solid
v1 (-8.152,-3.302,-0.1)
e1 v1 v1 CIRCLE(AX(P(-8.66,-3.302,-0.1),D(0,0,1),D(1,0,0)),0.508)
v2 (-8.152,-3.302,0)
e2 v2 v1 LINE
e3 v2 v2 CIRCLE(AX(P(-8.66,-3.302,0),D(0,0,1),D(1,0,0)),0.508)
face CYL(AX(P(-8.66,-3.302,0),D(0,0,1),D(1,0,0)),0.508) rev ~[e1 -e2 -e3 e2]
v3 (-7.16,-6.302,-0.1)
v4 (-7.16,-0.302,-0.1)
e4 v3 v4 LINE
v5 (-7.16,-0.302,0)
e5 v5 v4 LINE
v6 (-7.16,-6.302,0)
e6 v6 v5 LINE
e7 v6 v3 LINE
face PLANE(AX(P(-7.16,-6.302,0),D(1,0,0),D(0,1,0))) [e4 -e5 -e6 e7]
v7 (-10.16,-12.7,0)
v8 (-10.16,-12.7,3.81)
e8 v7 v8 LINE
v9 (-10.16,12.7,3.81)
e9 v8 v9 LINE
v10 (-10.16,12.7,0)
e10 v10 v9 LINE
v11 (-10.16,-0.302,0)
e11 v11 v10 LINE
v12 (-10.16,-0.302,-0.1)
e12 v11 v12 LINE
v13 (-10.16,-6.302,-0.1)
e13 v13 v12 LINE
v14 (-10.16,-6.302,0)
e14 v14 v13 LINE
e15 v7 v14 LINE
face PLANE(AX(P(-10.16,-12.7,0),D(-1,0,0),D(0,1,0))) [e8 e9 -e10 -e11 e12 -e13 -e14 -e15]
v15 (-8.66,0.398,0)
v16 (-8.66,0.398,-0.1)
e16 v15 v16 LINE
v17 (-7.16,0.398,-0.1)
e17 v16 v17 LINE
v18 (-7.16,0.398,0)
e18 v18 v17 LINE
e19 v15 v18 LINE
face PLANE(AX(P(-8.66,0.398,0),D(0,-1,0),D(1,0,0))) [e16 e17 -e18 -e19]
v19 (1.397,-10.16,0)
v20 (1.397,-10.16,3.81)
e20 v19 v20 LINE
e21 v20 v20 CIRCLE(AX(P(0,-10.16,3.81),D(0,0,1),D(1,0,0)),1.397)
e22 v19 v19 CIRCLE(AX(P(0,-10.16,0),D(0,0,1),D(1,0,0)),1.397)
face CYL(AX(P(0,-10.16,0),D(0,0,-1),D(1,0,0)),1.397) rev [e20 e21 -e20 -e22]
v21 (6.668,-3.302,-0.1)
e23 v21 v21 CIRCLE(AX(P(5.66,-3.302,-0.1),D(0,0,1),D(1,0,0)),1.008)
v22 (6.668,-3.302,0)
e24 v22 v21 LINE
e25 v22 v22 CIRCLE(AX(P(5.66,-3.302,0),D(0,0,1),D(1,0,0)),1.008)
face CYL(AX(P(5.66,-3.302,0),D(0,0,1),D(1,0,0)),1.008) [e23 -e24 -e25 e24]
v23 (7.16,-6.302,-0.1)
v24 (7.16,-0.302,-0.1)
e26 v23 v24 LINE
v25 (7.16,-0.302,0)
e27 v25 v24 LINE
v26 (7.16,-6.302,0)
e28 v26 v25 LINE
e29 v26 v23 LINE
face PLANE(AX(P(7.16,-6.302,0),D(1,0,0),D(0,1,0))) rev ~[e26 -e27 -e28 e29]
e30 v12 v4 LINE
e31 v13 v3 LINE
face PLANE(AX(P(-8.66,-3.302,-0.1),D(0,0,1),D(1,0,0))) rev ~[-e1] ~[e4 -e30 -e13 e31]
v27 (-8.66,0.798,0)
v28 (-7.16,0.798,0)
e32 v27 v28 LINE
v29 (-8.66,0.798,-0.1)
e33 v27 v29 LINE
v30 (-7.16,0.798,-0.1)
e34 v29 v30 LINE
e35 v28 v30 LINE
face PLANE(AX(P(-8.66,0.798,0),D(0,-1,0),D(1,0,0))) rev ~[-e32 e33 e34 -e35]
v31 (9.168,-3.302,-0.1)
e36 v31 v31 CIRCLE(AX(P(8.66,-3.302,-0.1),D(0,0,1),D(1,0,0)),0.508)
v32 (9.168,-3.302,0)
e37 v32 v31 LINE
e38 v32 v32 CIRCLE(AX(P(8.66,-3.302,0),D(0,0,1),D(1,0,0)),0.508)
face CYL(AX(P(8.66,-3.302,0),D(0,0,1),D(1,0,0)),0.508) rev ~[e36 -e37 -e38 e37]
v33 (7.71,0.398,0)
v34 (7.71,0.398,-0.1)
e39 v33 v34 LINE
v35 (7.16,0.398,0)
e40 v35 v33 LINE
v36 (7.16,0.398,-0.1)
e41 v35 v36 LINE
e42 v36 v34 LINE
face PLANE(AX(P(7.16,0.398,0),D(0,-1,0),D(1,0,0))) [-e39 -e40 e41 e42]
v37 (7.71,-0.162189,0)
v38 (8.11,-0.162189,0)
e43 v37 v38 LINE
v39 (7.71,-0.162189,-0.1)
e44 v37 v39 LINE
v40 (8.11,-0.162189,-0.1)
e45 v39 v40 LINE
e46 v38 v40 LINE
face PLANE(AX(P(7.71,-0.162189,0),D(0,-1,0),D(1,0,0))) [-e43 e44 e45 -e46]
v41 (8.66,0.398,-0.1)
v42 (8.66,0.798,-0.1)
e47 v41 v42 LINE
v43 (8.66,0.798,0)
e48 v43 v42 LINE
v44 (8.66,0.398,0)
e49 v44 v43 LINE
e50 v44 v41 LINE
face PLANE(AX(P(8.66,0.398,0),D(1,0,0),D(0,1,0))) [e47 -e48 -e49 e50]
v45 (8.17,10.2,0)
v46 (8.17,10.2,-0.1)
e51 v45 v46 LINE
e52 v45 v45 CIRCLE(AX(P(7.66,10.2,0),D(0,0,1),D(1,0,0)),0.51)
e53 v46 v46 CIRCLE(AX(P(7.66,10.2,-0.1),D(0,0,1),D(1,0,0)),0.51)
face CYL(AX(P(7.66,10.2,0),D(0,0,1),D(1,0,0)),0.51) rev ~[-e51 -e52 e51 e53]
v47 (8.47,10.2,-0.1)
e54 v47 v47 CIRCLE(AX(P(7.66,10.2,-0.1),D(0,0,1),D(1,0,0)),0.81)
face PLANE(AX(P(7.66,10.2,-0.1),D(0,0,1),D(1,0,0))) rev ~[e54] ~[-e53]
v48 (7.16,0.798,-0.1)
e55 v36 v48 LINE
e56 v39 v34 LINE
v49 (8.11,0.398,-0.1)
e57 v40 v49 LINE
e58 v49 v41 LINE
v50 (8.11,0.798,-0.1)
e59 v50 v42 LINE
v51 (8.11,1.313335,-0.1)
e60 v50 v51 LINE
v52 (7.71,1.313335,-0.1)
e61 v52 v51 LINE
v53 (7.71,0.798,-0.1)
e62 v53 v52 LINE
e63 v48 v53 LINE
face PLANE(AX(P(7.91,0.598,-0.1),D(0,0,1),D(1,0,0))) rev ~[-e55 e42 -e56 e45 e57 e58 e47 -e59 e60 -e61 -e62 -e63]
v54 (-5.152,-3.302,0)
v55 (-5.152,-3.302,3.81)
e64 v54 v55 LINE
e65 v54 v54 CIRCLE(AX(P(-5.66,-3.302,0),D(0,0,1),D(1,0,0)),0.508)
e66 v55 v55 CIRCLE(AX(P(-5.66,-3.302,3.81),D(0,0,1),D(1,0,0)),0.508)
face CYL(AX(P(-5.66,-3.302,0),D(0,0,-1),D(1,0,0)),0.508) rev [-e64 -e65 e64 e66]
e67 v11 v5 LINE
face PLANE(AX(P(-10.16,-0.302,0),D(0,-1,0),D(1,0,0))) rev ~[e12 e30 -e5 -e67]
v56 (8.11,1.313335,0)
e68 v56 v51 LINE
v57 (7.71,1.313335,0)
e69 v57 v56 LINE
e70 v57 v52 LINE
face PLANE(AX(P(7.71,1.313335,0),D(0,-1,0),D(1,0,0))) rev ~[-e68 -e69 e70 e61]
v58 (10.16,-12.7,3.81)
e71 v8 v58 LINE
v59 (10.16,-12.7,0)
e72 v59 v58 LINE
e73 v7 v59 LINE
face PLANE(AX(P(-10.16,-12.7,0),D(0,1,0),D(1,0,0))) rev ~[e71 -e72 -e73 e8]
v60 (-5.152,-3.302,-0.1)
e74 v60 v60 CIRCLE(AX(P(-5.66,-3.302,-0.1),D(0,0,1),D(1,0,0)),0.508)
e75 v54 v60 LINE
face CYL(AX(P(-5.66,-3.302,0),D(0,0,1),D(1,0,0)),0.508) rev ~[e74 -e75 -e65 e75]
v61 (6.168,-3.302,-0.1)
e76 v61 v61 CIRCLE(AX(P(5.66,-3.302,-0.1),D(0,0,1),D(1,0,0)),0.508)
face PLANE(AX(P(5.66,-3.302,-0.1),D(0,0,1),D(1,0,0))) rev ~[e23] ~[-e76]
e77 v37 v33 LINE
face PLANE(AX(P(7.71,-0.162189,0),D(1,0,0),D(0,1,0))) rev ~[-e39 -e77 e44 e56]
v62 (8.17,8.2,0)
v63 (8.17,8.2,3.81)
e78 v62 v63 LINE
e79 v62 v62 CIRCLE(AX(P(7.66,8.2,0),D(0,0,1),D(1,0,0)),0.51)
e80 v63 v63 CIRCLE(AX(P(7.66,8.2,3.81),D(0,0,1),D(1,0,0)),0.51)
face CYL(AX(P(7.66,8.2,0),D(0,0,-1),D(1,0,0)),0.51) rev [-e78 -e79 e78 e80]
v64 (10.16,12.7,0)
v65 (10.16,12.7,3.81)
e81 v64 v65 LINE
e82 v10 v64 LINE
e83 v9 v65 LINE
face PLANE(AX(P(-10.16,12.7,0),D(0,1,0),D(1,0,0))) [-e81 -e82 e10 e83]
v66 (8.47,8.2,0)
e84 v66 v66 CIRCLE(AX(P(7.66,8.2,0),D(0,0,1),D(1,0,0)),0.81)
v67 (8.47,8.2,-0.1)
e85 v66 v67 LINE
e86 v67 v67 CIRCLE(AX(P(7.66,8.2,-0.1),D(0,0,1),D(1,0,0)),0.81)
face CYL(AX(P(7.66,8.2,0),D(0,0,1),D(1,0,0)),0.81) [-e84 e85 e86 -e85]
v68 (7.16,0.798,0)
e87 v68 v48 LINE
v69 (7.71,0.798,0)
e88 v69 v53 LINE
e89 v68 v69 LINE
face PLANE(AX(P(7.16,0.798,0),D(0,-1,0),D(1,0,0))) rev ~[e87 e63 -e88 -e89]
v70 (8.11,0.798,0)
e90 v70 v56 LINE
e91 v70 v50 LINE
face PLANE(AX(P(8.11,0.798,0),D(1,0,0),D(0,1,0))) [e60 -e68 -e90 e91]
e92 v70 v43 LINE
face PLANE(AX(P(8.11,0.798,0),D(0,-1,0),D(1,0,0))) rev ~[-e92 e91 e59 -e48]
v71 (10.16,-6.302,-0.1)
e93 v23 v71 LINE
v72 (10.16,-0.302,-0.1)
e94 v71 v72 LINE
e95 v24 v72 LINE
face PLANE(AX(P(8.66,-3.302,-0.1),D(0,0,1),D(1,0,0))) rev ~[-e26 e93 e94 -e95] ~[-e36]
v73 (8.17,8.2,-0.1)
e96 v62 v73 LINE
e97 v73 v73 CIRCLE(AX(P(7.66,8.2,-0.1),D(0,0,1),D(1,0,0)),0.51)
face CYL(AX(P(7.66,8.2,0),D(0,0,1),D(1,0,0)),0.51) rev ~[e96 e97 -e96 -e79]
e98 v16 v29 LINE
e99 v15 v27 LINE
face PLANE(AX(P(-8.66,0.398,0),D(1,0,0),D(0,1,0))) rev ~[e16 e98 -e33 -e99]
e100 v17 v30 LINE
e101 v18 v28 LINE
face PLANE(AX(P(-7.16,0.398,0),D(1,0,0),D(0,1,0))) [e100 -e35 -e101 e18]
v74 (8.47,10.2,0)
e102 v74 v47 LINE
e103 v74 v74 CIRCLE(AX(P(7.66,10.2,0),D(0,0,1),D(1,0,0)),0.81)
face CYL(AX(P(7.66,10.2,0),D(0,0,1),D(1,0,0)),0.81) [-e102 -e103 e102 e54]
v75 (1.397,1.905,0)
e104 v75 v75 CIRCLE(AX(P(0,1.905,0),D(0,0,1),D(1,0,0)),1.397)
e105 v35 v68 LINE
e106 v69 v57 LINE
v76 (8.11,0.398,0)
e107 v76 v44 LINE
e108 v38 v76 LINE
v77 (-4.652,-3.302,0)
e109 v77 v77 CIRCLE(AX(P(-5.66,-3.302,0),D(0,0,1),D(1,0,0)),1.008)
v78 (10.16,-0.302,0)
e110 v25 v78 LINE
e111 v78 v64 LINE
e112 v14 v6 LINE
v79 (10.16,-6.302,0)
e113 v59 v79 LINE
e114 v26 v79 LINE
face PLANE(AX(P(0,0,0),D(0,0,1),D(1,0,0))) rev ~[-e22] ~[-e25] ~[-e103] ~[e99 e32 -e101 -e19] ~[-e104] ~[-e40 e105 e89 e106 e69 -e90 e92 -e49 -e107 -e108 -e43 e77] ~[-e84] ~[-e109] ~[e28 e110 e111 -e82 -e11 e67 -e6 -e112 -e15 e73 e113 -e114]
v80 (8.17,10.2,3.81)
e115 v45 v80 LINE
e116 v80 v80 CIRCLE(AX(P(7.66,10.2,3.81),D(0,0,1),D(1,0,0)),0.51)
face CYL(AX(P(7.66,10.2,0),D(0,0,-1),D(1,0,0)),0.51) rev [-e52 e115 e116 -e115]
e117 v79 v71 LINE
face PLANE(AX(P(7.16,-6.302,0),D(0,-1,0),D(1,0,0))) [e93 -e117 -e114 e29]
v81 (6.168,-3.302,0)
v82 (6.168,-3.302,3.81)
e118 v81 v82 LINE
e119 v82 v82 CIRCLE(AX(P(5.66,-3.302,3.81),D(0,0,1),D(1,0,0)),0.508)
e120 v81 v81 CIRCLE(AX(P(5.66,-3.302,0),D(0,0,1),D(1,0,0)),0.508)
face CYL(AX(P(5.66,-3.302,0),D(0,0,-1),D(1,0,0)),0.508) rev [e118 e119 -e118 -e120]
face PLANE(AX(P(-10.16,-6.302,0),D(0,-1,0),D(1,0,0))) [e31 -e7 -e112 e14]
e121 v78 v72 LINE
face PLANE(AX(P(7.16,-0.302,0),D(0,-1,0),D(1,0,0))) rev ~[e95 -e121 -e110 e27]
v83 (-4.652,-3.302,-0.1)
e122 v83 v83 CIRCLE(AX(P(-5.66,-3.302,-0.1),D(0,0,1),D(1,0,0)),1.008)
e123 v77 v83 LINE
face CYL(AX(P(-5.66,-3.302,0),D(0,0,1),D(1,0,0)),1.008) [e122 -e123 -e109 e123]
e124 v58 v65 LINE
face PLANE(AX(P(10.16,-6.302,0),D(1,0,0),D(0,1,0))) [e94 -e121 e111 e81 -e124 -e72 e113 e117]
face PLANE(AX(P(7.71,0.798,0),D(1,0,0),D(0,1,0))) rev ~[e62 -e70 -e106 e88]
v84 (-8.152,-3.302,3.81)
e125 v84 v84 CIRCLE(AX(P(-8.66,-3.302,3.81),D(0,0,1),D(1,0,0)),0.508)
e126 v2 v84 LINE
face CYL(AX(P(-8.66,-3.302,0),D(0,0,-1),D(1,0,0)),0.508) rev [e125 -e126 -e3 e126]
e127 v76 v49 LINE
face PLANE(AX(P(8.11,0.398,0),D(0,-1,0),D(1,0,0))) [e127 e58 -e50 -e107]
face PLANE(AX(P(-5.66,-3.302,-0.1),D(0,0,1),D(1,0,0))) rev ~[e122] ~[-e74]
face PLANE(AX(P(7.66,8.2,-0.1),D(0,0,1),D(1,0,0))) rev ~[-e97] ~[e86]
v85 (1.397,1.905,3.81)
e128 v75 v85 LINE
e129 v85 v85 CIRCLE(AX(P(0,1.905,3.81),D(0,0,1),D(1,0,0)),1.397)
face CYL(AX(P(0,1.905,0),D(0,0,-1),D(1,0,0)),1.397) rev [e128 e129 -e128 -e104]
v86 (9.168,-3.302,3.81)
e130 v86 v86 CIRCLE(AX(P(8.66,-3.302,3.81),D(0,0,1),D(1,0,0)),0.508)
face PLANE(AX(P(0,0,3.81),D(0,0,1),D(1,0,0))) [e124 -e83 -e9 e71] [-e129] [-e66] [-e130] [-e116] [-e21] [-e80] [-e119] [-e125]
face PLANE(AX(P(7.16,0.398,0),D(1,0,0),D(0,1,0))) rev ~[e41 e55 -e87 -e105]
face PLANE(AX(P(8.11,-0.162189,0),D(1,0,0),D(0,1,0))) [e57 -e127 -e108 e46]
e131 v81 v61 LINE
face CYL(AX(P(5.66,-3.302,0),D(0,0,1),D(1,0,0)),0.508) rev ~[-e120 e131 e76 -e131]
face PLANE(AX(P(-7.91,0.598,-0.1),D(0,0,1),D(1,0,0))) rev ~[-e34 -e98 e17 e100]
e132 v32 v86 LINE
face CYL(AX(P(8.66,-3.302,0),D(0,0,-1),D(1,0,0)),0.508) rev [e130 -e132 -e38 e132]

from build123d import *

# Parameters (mm, degrees)
SKETCH1_W         = 20.32
SKETCH1_H         = 25.4
SKETCH1_R         = 1.397
SKETCH1_R_2       = 0.508
SKETCH1_R_3       = 0.51
BOARD_DEPTH       = 3.81
SKETCH2_W         = 3
SKETCH2_H         = 6
SKETCH2_R         = 0.508
SKETCH2_R_2       = 1.008
SKETCH2_R_3       = 0.81
SKETCH2_R_4       = 0.51
SKETCH2_W_2       = 1.5
SKETCH2_H_2       = 0.4
SKETCH2_W_3       = 0.4
SKETCH2_H_3       = 1.475523652
SOLDER_PADS_DEPTH = 0.1


with BuildPart() as part:
    # Sketch1 → Board (new body)
    with BuildSketch(Plane.XY):
        Rectangle(SKETCH1_W, SKETCH1_H)
        with Locations((0, -10.16)):
            Circle(SKETCH1_R, mode=Mode.SUBTRACT)
        with Locations((0, 1.905)):
            Circle(SKETCH1_R, mode=Mode.SUBTRACT)
        with Locations((-8.66, -3.302)):
            Circle(SKETCH1_R_2, mode=Mode.SUBTRACT)
        with Locations((8.66, -3.302)):
            Circle(SKETCH1_R_2, mode=Mode.SUBTRACT)
        with Locations((-5.66, -3.302)):
            Circle(SKETCH1_R_2, mode=Mode.SUBTRACT)
        with Locations((5.66, -3.302)):
            Circle(SKETCH1_R_2, mode=Mode.SUBTRACT)
        with Locations((7.66, 10.2)):
            Circle(SKETCH1_R_3, mode=Mode.SUBTRACT)
        with Locations((7.66, 8.2)):
            Circle(SKETCH1_R_3, mode=Mode.SUBTRACT)
    extrude(amount=BOARD_DEPTH)

    # Sketch2 → Solder Pads (add)
    with BuildSketch(Plane.XY):
        with Locations((8.66, -3.302)):
            Rectangle(SKETCH2_W, SKETCH2_H)
        with Locations((8.66, -3.302)):
            Circle(SKETCH2_R, mode=Mode.SUBTRACT)
        with Locations((-8.66, -3.302)):
            Rectangle(SKETCH2_W, SKETCH2_H)
        with Locations((-8.66, -3.302)):
            Circle(SKETCH2_R, mode=Mode.SUBTRACT)
        with Locations((5.66, -3.302)):
            Circle(SKETCH2_R_2)
        with Locations((5.66, -3.302)):
            Circle(SKETCH2_R, mode=Mode.SUBTRACT)
        with Locations((-5.66, -3.302)):
            Circle(SKETCH2_R_2)
        with Locations((-5.66, -3.302)):
            Circle(SKETCH2_R, mode=Mode.SUBTRACT)
        with Locations((7.66, 8.2)):
            Circle(SKETCH2_R_3)
        with Locations((7.66, 8.2)):
            Circle(SKETCH2_R_4, mode=Mode.SUBTRACT)
        with Locations((7.66, 10.2)):
            Circle(SKETCH2_R_3)
        with Locations((7.66, 10.2)):
            Circle(SKETCH2_R_4, mode=Mode.SUBTRACT)
        with Locations((7.91, 0.598)):
            Rectangle(SKETCH2_W_2, SKETCH2_H_2)
        with Locations((7.91, 0.575572986)):
            Rectangle(SKETCH2_W_3, SKETCH2_H_3)
        with Locations((-7.91, 0.598)):
            Rectangle(SKETCH2_W_2, SKETCH2_H_2)
    extrude(amount=-SOLDER_PADS_DEPTH)


solid = part.part
